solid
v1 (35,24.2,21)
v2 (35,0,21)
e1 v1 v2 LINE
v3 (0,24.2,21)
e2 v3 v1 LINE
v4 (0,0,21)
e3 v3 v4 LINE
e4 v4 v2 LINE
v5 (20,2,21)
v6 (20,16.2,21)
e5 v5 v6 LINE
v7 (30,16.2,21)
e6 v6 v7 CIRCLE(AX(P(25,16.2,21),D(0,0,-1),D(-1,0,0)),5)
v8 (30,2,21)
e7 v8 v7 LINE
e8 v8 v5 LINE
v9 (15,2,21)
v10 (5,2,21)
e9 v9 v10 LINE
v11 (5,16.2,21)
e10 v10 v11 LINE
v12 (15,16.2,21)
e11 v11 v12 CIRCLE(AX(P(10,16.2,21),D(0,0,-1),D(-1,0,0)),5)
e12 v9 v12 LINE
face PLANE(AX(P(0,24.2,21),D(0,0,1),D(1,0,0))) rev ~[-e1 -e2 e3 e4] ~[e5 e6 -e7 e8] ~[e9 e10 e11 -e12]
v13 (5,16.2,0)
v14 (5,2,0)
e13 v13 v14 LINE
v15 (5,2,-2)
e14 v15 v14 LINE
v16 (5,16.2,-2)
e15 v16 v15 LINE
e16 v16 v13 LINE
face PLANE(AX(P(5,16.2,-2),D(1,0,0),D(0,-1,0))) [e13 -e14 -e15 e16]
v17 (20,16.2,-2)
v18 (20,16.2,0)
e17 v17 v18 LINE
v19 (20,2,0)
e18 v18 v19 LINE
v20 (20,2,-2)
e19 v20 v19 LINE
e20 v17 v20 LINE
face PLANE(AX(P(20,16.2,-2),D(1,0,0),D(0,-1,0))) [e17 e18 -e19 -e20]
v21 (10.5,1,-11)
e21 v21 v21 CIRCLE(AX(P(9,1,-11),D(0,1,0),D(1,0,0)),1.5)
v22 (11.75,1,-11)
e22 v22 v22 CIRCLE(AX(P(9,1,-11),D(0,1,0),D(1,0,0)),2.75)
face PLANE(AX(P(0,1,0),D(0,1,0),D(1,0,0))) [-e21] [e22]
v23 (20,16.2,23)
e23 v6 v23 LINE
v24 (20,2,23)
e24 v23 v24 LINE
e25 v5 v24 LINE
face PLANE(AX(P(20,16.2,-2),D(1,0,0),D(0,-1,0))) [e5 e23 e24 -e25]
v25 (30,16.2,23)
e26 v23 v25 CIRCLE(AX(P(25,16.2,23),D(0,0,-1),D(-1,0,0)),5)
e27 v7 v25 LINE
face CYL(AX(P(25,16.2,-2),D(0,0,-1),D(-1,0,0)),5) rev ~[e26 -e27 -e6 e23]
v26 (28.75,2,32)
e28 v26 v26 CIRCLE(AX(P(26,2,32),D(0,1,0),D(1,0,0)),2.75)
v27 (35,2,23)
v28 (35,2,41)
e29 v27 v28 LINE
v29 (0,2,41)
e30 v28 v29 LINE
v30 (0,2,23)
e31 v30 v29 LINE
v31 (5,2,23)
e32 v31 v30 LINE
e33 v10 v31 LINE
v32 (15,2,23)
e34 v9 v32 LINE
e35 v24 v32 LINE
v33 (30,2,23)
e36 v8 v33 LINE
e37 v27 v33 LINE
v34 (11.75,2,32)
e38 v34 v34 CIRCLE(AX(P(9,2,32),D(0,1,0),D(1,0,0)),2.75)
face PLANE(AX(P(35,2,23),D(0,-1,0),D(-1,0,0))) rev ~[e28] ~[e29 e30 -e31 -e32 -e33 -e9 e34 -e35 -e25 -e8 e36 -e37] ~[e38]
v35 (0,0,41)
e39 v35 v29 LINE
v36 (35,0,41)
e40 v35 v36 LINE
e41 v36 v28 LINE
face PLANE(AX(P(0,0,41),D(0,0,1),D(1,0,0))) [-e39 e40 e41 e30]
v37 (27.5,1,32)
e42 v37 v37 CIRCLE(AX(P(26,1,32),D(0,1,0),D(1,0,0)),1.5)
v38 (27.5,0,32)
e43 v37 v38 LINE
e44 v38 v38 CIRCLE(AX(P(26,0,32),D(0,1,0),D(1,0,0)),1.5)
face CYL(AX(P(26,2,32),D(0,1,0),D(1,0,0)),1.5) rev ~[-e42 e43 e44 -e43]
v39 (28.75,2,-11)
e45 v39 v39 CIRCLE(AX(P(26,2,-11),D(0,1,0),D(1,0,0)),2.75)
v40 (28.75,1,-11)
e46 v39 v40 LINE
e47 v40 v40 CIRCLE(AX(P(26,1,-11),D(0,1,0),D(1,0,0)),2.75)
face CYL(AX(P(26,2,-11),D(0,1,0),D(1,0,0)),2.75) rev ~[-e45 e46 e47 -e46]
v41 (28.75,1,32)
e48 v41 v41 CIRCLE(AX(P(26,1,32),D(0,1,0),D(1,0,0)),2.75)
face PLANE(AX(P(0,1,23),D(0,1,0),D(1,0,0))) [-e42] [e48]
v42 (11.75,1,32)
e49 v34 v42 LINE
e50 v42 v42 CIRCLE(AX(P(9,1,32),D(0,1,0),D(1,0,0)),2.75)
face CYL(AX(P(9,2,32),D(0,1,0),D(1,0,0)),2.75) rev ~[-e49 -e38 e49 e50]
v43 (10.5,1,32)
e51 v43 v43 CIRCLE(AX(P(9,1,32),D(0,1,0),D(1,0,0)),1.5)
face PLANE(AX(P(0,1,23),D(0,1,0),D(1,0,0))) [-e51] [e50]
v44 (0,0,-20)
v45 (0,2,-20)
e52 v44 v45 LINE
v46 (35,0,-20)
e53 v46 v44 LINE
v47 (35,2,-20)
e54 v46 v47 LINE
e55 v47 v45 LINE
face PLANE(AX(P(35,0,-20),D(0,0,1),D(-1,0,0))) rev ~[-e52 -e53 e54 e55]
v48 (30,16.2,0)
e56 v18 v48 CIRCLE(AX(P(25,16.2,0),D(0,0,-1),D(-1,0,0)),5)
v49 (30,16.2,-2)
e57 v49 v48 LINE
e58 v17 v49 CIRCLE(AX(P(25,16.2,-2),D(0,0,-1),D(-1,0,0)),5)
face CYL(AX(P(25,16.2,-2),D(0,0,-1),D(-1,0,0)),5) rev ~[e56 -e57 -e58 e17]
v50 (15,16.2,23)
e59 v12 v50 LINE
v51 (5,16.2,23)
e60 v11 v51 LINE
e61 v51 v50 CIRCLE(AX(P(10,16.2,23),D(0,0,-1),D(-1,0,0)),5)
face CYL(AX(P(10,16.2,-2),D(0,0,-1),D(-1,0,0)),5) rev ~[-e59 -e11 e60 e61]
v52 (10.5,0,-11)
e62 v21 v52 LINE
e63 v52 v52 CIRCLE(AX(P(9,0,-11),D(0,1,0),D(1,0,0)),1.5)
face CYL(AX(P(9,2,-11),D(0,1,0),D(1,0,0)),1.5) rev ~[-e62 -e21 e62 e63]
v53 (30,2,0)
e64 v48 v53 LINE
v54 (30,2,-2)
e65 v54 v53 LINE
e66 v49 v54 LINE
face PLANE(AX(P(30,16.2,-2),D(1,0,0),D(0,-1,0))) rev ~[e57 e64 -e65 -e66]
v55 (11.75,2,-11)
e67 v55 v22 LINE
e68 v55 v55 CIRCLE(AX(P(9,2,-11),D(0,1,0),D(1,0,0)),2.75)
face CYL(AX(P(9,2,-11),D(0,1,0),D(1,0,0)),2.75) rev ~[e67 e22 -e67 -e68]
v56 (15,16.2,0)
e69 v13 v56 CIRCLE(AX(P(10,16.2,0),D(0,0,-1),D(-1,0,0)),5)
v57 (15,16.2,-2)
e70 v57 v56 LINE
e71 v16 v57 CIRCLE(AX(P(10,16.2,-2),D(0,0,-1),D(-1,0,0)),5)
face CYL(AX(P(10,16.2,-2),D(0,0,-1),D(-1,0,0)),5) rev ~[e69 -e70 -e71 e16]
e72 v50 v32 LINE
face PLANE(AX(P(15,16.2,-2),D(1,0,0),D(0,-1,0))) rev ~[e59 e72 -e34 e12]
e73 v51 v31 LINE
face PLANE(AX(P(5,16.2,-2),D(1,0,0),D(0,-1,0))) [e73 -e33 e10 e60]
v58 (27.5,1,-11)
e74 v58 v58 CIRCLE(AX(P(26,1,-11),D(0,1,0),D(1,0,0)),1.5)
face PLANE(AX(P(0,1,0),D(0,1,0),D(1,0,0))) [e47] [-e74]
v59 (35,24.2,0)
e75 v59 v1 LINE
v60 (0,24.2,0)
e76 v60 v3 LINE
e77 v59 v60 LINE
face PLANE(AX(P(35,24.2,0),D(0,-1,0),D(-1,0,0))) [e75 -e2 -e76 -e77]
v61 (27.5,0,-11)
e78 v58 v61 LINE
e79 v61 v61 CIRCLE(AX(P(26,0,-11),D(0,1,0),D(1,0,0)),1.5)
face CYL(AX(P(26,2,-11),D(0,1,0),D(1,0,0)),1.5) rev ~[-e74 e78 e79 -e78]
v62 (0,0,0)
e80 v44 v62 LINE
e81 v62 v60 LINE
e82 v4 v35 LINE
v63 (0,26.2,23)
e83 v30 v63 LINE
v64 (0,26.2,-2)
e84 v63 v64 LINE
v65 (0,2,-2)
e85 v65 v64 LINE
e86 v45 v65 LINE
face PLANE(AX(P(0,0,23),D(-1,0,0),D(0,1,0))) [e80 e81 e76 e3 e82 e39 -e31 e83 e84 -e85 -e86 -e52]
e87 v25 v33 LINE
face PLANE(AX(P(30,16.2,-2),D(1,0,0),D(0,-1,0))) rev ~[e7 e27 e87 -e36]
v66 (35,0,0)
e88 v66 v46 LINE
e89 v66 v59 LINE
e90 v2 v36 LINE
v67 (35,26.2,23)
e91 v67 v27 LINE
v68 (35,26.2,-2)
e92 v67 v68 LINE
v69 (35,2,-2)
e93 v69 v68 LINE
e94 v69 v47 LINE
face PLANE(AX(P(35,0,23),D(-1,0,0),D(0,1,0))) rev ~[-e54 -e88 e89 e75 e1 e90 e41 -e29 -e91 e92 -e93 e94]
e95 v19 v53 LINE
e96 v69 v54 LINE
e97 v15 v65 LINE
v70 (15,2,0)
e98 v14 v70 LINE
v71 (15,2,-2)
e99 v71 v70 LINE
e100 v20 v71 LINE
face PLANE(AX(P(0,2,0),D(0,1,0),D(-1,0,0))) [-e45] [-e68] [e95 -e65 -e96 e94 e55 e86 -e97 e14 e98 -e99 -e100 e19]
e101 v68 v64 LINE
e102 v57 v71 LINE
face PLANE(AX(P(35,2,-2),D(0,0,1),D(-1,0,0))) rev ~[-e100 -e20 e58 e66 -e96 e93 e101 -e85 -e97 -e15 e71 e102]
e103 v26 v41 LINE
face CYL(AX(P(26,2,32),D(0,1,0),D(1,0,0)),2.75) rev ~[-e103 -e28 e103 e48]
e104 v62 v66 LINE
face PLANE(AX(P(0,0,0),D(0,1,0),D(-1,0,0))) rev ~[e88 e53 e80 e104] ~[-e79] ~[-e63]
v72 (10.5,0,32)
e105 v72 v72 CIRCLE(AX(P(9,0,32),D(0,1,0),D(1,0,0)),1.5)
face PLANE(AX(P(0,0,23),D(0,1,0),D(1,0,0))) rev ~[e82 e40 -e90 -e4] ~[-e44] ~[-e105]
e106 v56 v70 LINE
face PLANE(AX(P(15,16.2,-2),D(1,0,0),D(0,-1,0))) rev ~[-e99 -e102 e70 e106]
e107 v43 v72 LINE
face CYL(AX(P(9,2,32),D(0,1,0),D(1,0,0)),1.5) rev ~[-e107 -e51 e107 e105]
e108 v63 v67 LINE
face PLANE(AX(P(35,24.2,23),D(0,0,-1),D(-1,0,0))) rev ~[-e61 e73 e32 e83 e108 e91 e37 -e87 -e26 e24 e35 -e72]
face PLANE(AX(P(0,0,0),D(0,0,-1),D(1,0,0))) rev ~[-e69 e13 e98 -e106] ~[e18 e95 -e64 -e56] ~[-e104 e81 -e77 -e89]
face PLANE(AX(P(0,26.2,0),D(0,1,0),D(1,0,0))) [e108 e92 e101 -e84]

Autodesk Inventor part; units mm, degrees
ref_plane "YZ Plane" through (0, 0, 0) normal (1, 0, 0) x (0, 1, 0)
ref_plane "XZ Plane" through (0, 0, 0) normal (0, 1, 0) x (-1, 0, 0)
ref_plane "XY Plane" through (0, 0, 0) normal (0, 0, 1) x (1, 0, 0)
sketch "Sketch1" plane through (0, 0, 0) normal (0, 1, 0) x (-1, 0, 0)
  line L0 (0, 0) -> (-35, 0)
  line L1 (-35, 0) -> (-35, -20)
  line L2 (-35, -20) -> (0, -20)
  line L3 (0, -20) -> (0, 0)
  dimension "d0" = 35
  dimension "d1" = 20
extrude "Extrusion1" add sketch "Sketch1" along normal blind 2
sketch "Sketch2" plane through (0, 2, 0) normal (0, 1, 0) x (1, 0, 0)
  line L0 (0, 20) -> (0, 0) projected
  line L1 (35, 0) -> (35, 20) projected
  line L2 (0, 0) -> (35, 0)
  line L3 (35, 0) -> (35, 2)
  line L4 (35, 2) -> (0, 2)
  line L5 (0, 2) -> (0, 0)
  dimension "d4" = 2
extrude "Extrusion2" add sketch "Sketch2" along normal blind 24.2
sketch "Sketch3" plane through (0, 0, 0) normal (0, 0, 1) x (1, 0, 0)
  line L0 (0, 0) -> (0, 26.2) projected
  line L1 (35, 0) -> (35, 26.2) projected
  line L2 (0, 26.2) -> (35, 26.2)
  line L3 (35, 26.2) -> (35, 24.2)
  line L4 (35, 24.2) -> (0, 24.2)
  line L5 (0, 24.2) -> (0, 26.2)
  dimension "d7" = 2
extrude "Extrusion3" add sketch "Sketch3" along normal blind 23
sketch "Sketch4" plane through (0, 24.2, 0) normal (0, -1, 0) x (1, 0, 0)
  line L0 (35, -2) -> (35, 23) projected
  line L1 (0, 0) -> (0, 23) projected
  line L2 (35, 23) -> (0, 23)
  line L3 (0, 23) -> (0, 21)
  line L4 (0, 21) -> (35, 21)
  line L5 (35, 21) -> (35, 23)
  dimension "d10" = 2
extrude "Extrusion4" add sketch "Sketch4" along normal blind 24.2
sketch "Sketch5" plane through (0, 0, 23) normal (0, 0, 1) x (1, 0, 0)
  line L0 (0, 0) -> (0, 2) projected
  line L1 (35, 2) -> (0, 2) projected
  line L2 (0, 0) -> (35, 0)
  line L3 (35, 0) -> (35, 2)
  line L4 (35, 2) -> (0, 2)
  line L5 (0, 2) -> (0, 0)
extrude "Extrusion5" add sketch "Sketch5" along normal blind 18
sketch "Sketch6" plane through (0, 2, 0) normal (0, 1, 0) x (1, 0, 0)
  circle A0 centre (26, 11) radius 1.5
  line L0 (35, 20) -> (0, 20) projected
  line L1 (35, 2) -> (35, 20) projected
  circle A1 centre (9, 11) radius 1.5
  circle A2 centre (26, 11) radius 2.75
  circle A3 centre (9, 11) radius 2.75
  point P0 (0, 0)
  dimension "d15" = 3
  dimension "d16" = 9
  dimension "d17" = 9
  dimension "d18" = 3
  dimension "d19" = 17
  dimension "d20" = 5.5
  dimension "d21" = 5.5
extrude "Extrusion6" cut sketch "Sketch6" against normal blind 2 contours A0 | A1
extrude "Extrusion7" cut sketch "Sketch6" against normal blind 1
sketch "Sketch7" plane through (0, 2, 23) normal (0, 1, 0) x (1, 0, 0)
  circle A0 centre (26, -9) radius 1.5
  line L0 (35, -18) -> (0, -18) projected
  line L1 (35, 0) -> (35, -18) projected
  circle A1 centre (9, -9) radius 1.5
  circle A2 centre (26, -9) radius 2.75
  circle A3 centre (9, -9) radius 2.75
  point P0 (0, 23)
  dimension "d26" = 3
  dimension "d27" = 9
  dimension "d28" = 9
  dimension "d29" = 3
  dimension "d30" = 17
  dimension "d31" = 5.5
  dimension "d32" = 5.5
extrude "Extrusion8" cut sketch "Sketch7" against normal blind 2 contours A0 | A1
extrude "Extrusion9" cut sketch "Sketch7" against normal blind 1
sketch "Sketch8" plane through (35, 2, -2) normal (0, 0, -1) x (-1, 0, 0)
  arc A0 (15, 14.2) -> (5, 14.2) centre (10, 14.2) ccw
  line L0 (0, 24.2) -> (35, 24.2) projected
  line L1 (0, 0) -> (0, 24.2) projected
  line L2 (17.5, 24.2) -> (17.5, 0)
  line L3 (35, 0) -> (0, 0) projected
  line L4 (5, 14.2) -> (5, -0.3272)
  line L5 (15, 14.2) -> (15, 0)
  arc A1 (30, 14.2) -> (20, 14.2) centre (25, 14.2) ccw
  line L6 (30, 14.2) -> (30, -0.3272)
  line L7 (20, 14.2) -> (20, 0)
  point P0 (35, -2)
  point P1 (20, 0)
  point P2 (30, 0)
  point P3 (5, 0)
  dimension "d37" = 10
  dimension "d38" = 10
  dimension "d39" = 10
extrude "Extrusion10" cut sketch "Sketch8" against normal blind 25 contours L5 L3 L4 A0 | L7 A1 L6 L3
properties part number "Bracket Motor_3DPrint"
